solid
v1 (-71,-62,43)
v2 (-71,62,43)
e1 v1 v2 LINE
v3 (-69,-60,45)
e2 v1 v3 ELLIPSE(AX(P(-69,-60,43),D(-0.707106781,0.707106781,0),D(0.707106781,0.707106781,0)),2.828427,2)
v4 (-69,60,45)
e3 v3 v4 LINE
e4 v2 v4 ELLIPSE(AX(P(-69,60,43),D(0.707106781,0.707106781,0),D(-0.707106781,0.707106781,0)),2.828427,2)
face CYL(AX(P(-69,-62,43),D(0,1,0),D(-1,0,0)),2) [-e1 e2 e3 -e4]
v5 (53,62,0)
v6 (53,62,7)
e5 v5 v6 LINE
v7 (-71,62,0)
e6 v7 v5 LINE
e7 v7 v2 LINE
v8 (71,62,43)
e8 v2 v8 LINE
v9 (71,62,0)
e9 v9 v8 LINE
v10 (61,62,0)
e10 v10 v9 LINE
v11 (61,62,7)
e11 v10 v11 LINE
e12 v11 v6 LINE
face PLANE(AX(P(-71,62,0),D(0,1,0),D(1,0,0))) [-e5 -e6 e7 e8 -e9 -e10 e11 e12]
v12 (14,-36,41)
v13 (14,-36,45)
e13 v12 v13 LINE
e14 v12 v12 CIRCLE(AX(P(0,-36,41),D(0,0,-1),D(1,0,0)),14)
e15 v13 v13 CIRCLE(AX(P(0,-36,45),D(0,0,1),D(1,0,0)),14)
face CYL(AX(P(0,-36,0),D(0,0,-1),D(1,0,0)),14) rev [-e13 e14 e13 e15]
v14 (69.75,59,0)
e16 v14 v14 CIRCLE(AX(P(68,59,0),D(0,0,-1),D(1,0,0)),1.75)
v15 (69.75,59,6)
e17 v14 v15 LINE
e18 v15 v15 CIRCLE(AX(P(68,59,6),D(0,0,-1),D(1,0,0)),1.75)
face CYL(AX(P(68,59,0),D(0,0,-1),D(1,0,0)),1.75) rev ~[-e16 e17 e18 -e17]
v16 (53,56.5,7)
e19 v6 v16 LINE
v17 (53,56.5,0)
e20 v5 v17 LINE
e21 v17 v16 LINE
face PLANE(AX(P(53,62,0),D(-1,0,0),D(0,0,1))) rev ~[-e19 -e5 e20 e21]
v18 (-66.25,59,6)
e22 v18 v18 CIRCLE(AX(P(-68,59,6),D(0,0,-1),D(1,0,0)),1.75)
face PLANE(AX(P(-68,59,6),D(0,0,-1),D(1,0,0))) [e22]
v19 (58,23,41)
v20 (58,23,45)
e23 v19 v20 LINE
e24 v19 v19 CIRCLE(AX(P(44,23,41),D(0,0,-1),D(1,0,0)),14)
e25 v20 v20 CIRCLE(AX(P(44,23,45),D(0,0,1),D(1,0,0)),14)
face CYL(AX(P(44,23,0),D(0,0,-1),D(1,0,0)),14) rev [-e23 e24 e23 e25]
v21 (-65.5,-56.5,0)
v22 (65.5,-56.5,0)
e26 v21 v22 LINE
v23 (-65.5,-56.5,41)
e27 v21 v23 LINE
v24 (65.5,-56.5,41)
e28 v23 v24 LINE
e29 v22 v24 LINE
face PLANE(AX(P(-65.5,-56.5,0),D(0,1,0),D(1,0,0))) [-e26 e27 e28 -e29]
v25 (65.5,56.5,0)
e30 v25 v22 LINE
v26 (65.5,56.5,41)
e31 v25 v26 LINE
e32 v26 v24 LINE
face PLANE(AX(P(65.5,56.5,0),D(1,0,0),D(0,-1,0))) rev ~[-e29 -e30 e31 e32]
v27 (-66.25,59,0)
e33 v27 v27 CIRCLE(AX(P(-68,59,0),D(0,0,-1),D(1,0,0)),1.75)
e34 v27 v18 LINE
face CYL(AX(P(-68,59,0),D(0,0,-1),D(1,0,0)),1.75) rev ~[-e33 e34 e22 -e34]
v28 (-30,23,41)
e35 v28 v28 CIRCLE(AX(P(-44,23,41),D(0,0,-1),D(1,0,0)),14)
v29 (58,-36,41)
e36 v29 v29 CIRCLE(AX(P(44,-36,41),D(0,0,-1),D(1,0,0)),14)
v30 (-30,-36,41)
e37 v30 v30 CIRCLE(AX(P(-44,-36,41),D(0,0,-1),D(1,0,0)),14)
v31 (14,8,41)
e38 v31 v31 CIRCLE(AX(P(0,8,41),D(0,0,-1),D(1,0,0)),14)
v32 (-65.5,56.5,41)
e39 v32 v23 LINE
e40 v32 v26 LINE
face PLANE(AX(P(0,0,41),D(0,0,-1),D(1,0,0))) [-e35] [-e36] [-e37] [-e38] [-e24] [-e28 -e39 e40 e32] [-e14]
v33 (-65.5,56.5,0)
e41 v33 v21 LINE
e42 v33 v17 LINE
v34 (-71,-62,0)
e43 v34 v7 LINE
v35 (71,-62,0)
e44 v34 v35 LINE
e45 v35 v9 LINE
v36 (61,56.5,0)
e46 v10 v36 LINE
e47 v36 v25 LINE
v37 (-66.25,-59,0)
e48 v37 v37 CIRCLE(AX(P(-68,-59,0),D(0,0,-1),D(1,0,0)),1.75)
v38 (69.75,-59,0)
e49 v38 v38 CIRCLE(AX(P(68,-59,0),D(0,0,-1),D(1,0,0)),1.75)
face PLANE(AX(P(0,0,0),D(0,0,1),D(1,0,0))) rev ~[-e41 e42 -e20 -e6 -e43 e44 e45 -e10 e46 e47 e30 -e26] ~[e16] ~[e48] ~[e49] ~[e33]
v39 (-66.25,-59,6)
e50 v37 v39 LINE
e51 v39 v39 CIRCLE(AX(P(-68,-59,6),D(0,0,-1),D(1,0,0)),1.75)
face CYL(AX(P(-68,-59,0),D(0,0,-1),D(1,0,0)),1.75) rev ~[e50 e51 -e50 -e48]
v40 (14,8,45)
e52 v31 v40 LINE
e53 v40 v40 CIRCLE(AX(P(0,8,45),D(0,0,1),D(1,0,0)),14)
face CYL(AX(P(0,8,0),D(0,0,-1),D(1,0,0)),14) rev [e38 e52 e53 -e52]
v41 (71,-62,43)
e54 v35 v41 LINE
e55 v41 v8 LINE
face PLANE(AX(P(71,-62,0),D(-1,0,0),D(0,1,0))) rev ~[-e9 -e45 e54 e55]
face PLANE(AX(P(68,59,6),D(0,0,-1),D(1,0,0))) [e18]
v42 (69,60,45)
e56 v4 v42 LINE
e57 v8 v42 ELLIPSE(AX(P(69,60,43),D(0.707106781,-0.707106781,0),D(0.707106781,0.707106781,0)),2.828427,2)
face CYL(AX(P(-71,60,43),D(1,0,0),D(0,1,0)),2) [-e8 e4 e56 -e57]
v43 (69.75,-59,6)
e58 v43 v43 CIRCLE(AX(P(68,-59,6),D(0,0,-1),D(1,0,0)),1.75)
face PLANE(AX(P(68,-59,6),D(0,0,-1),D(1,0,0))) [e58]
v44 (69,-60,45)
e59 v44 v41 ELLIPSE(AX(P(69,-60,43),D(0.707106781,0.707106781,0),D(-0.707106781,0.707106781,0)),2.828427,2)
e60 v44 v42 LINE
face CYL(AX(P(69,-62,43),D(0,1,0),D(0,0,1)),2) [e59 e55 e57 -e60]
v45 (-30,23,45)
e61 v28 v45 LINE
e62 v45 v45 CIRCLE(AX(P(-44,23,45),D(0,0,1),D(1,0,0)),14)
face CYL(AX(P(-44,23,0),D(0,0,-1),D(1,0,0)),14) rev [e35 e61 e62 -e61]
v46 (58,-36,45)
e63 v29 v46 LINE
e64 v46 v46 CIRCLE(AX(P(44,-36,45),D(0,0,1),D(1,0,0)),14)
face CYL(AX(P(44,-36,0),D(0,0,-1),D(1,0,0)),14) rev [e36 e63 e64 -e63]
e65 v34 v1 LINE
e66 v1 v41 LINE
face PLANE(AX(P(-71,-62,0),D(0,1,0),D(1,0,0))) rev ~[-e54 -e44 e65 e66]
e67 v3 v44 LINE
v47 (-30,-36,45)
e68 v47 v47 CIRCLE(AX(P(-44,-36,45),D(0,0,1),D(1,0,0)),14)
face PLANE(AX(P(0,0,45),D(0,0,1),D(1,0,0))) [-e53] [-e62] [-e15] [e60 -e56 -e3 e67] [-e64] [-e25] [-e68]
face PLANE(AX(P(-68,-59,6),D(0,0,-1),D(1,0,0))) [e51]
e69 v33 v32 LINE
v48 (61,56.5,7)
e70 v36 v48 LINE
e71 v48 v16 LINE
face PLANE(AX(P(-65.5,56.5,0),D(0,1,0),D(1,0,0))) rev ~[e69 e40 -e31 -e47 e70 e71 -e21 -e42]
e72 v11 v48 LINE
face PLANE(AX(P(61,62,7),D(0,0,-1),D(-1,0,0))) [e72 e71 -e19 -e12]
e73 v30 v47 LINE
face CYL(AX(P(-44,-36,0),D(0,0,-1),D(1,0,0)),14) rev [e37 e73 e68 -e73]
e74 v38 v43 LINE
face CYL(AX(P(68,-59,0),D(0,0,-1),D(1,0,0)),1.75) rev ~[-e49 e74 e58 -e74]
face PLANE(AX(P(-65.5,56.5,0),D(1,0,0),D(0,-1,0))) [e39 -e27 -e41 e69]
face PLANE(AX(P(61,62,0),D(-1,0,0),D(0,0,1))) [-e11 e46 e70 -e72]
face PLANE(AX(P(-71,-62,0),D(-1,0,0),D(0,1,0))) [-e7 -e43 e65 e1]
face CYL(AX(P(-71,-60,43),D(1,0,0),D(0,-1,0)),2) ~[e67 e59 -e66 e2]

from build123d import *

# Parameters (mm, degrees)
SKETCH_W        = 142
SKETCH_H        = 124
SKETCH_R        = 14
PAD_DEPTH       = 45
SKETCH001_W     = 131
SKETCH001_H     = 113
POCKET_DEPTH    = 41
SKETCH002_R     = 1.75
POCKET001_DEPTH = 6
SKETCH003_W     = 8
SKETCH003_H     = 7
POCKET002_DEPTH = 10
FILLET_R        = 2


with BuildPart() as part:
    # Sketch → Pad (new body)
    with BuildSketch(Plane.XY):
        Rectangle(SKETCH_W, SKETCH_H)
        with Locations((0, 8)):
            Circle(SKETCH_R, mode=Mode.SUBTRACT)
        with Locations((0, -36)):
            Circle(SKETCH_R, mode=Mode.SUBTRACT)
        with Locations((44, -36)):
            Circle(SKETCH_R, mode=Mode.SUBTRACT)
        with Locations((-44, -36)):
            Circle(SKETCH_R, mode=Mode.SUBTRACT)
        with Locations((-44, 23)):
            Circle(SKETCH_R, mode=Mode.SUBTRACT)
        with Locations((44, 23)):
            Circle(SKETCH_R, mode=Mode.SUBTRACT)
    extrude(amount=PAD_DEPTH)

    # Sketch001 (on Face11 of Pad) → Pocket (cut)
    with BuildSketch(Plane(origin=(0, 0, 0), x_dir=(1, 0, 0), z_dir=(0, 0, -1))):
        Rectangle(SKETCH001_W, SKETCH001_H)
    extrude(amount=-POCKET_DEPTH, mode=Mode.SUBTRACT)

    # Sketch002 (on Face4 of Pocket) → Pocket001 (cut)
    with BuildSketch(Plane(origin=(0, 0, 0), x_dir=(1, 0, 0), z_dir=(0, 0, -1))):
        with Locations((-68, 59)):
            Circle(SKETCH002_R)
        with Locations((-68, -59)):
            Circle(SKETCH002_R)
        with Locations((68, -59)):
            Circle(SKETCH002_R)
        with Locations((68, 59)):
            Circle(SKETCH002_R)
    extrude(amount=-POCKET001_DEPTH, mode=Mode.SUBTRACT)

    # Sketch003 (on Face2 of Pocket001) → Pocket002 (cut)
    with BuildSketch(Plane(origin=(0, 62, 0), x_dir=(-1, 0, 0), z_dir=(0, 1, 0))):
        with Locations((-57, 3.5)):
            Rectangle(SKETCH003_W, SKETCH003_H)
    extrude(amount=-POCKET002_DEPTH, mode=Mode.SUBTRACT)

    # Fillet
    fillet_edges = [part.edges().sort_by_distance(p)[0] for p in [
        (-71, 0, 45),
        (0, 62, 45),
        (71, 0, 45),
        (0, -62, 45),
    ]]
    fillet(fillet_edges, radius=FILLET_R)


solid = part.part
